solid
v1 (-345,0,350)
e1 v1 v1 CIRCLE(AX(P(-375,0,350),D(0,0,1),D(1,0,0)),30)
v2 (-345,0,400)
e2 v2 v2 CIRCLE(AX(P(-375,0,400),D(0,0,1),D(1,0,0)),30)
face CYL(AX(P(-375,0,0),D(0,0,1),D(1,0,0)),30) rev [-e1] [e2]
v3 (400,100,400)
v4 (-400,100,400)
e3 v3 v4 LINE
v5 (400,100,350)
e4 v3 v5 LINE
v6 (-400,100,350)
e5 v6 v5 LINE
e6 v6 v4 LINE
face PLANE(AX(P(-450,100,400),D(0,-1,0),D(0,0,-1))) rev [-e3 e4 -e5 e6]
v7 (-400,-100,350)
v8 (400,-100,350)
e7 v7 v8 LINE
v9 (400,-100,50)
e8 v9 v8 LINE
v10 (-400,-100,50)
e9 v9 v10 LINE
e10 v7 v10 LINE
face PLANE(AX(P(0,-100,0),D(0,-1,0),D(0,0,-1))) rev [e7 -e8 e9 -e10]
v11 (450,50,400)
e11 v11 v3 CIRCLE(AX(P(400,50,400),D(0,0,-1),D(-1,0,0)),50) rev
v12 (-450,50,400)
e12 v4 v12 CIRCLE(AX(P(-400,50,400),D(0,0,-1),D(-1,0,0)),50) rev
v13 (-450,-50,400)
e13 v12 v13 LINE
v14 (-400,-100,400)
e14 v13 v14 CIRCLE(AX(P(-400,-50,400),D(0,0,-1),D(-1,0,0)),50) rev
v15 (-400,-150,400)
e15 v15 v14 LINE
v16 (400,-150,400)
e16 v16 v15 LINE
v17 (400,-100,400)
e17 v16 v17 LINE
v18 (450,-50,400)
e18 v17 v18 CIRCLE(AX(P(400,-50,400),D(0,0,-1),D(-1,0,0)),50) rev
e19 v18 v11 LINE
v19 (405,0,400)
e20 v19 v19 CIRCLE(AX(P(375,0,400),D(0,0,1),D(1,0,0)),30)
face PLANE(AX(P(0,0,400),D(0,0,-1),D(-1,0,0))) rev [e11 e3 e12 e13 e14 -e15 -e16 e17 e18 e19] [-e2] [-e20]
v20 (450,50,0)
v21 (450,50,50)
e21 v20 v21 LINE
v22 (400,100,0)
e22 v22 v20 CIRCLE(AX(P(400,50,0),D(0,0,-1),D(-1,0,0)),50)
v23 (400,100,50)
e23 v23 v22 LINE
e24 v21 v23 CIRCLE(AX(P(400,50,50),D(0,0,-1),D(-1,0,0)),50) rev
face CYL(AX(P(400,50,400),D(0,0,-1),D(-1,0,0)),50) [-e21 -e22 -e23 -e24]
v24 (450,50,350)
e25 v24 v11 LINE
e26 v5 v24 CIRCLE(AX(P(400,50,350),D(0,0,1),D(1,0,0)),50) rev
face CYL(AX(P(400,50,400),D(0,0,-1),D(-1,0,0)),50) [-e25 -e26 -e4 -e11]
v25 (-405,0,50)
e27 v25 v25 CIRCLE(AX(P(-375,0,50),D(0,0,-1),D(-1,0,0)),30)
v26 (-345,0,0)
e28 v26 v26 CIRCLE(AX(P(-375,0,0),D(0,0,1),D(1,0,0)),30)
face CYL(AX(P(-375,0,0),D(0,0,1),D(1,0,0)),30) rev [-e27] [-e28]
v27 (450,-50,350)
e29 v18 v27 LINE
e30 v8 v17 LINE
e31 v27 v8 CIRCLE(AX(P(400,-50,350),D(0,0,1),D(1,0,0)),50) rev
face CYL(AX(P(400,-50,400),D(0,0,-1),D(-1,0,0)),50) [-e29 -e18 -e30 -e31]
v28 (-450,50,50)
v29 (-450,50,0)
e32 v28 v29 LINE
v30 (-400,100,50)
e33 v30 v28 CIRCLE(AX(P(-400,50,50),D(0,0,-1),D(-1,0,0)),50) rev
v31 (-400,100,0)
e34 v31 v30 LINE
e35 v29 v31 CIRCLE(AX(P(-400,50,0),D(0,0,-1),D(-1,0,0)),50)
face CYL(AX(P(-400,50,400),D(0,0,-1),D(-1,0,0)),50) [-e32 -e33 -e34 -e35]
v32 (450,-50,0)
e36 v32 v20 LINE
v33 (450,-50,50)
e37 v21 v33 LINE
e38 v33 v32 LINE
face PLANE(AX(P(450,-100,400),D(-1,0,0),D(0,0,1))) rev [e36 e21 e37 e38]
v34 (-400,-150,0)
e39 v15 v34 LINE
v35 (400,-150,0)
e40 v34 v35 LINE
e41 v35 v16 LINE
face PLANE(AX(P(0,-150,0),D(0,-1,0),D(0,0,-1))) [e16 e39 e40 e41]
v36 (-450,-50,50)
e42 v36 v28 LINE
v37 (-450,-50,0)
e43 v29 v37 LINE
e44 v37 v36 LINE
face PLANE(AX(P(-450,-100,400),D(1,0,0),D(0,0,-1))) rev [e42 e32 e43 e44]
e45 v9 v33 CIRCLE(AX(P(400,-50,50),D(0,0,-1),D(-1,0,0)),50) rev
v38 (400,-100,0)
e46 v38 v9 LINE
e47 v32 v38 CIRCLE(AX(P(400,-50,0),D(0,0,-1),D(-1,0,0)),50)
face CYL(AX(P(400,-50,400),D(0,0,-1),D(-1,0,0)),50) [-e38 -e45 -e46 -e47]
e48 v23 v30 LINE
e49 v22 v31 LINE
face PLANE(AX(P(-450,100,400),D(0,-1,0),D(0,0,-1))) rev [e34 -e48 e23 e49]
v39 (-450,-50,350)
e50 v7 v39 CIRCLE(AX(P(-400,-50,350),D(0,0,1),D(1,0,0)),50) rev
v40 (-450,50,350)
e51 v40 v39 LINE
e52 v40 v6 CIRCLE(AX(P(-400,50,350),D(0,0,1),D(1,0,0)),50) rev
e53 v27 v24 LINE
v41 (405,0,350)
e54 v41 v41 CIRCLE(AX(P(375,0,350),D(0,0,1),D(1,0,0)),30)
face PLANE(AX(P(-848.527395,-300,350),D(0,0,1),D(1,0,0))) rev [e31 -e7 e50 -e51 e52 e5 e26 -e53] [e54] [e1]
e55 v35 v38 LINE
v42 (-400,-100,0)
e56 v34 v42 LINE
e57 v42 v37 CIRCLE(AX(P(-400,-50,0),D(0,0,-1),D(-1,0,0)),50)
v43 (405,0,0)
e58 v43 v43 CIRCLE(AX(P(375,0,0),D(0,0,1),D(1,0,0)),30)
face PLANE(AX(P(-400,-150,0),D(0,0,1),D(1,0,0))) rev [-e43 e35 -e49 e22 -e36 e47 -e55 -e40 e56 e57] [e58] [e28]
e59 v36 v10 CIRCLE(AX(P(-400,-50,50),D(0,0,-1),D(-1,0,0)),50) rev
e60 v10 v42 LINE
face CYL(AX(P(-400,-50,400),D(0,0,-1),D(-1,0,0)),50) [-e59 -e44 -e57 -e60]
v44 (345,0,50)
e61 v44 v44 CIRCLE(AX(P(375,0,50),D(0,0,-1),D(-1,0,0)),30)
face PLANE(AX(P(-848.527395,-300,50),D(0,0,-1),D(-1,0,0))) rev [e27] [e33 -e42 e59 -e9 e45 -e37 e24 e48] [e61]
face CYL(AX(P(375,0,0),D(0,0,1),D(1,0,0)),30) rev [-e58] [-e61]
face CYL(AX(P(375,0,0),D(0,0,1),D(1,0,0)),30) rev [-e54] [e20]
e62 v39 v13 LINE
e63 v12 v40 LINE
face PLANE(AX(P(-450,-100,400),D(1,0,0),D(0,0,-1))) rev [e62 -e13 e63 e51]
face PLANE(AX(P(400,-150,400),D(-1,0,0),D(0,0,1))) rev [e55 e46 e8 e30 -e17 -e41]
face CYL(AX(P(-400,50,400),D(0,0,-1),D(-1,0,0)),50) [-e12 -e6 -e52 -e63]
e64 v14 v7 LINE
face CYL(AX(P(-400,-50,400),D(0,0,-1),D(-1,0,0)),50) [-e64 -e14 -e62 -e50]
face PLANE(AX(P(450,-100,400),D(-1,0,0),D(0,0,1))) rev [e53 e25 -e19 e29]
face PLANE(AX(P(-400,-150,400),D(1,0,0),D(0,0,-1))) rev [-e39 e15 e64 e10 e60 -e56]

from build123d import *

# Parameters (mm, degrees)
SKETCH2_W           = 900
SKETCH2_H           = 200
BOSS_EXTRUDE1_DEPTH = 400
SKETCH3_W           = 1697.05478925
SKETCH3_H           = 300
CUT_EXTRUDE1_DEPTH  = 400
FILLET1_R           = 50
FILLET2_R           = 50
SKETCH4_R           = 30
CUT_EXTRUDE3_DEPTH  = 611.327780787
SKETCH4_2_W         = 800
SKETCH4_2_H         = 400
BOSS_EXTRUDE2_DEPTH = 50


with BuildPart() as part:
    # Sketch2 → Boss-Extrude1 (new body)
    with BuildSketch(Plane.XY):
        Rectangle(SKETCH2_W, SKETCH2_H)
    extrude(amount=BOSS_EXTRUDE1_DEPTH)

    # Sketch3 → Cut-Extrude1 (cut)
    with BuildSketch(Plane(origin=(0, 100, 0), x_dir=(1, 0, 0), z_dir=(0, 1, 0))):
        with Locations((0, -200)):
            Rectangle(SKETCH3_W, SKETCH3_H)
    extrude(amount=-CUT_EXTRUDE1_DEPTH, mode=Mode.SUBTRACT)


with BuildPart() as cut_extrude1_piece_1:
    # of the separate pieces the step leaves, piece 1, a body of its own (cut_extrude1_pieces)
    add(part.part.solids().sort_by_distance((-450, -100, 0))[0])

    # Fillet2
    fillet2_edges = [cut_extrude1_piece_1.edges().sort_by_distance(p)[0] for p in [
        (450, -100, 25),
        (-450, -100, 25),
        (-450, 100, 25),
        (450, 100, 25),
    ]]
    fillet(fillet2_edges, radius=FILLET2_R)


with BuildPart() as cut_extrude1_piece_2:
    # of the separate pieces the step leaves, piece 2, a body of its own (cut_extrude1_pieces)
    add(part.part.solids().sort_by_distance((-450, -100, 350))[0])

    # Fillet1
    fillet1_edges = [cut_extrude1_piece_2.edges().sort_by_distance(p)[0] for p in [
        (450, -100, 375),
        (450, 100, 375),
        (-450, 100, 375),
        (-450, -100, 375),
    ]]
    fillet(fillet1_edges, radius=FILLET1_R)


with BuildPart() as cut_extrude3_tool:
    # Sketch4 → Cut-Extrude3 (new, through all)
    with BuildSketch(Plane.XY.offset(400)):
        with Locations((-375, 0)):
            Circle(SKETCH4_R)
        with Locations((375, 0)):
            Circle(SKETCH4_R)
    extrude(amount=-CUT_EXTRUDE3_DEPTH)


with BuildPart() as cut_extrude1_piece_1_1:
    add(cut_extrude1_piece_1.part)

    # Cut-Extrude3: cut by cut_extrude3_tool
    add(cut_extrude3_tool.part, mode=Mode.SUBTRACT)



with BuildPart() as cut_extrude1_piece_2_1:
    add(cut_extrude1_piece_2.part)

    # Cut-Extrude3: cut by cut_extrude3_tool
    add(cut_extrude3_tool.part, mode=Mode.SUBTRACT)


with BuildPart() as cut_extrude1_piece_1_2:
    add(cut_extrude1_piece_1_1.part)

    add(cut_extrude1_piece_2_1.part)  # Boss-Extrude2 merges Cut-Extrude1 piece 2
    # Sketch4 2 → Boss-Extrude2 (add)
    with BuildSketch(Plane.XZ.offset(100)):
        with Locations((0, 200)):
            Rectangle(SKETCH4_2_W, SKETCH4_2_H)
    extrude(amount=BOSS_EXTRUDE2_DEPTH)


solid = cut_extrude1_piece_1_2.part
